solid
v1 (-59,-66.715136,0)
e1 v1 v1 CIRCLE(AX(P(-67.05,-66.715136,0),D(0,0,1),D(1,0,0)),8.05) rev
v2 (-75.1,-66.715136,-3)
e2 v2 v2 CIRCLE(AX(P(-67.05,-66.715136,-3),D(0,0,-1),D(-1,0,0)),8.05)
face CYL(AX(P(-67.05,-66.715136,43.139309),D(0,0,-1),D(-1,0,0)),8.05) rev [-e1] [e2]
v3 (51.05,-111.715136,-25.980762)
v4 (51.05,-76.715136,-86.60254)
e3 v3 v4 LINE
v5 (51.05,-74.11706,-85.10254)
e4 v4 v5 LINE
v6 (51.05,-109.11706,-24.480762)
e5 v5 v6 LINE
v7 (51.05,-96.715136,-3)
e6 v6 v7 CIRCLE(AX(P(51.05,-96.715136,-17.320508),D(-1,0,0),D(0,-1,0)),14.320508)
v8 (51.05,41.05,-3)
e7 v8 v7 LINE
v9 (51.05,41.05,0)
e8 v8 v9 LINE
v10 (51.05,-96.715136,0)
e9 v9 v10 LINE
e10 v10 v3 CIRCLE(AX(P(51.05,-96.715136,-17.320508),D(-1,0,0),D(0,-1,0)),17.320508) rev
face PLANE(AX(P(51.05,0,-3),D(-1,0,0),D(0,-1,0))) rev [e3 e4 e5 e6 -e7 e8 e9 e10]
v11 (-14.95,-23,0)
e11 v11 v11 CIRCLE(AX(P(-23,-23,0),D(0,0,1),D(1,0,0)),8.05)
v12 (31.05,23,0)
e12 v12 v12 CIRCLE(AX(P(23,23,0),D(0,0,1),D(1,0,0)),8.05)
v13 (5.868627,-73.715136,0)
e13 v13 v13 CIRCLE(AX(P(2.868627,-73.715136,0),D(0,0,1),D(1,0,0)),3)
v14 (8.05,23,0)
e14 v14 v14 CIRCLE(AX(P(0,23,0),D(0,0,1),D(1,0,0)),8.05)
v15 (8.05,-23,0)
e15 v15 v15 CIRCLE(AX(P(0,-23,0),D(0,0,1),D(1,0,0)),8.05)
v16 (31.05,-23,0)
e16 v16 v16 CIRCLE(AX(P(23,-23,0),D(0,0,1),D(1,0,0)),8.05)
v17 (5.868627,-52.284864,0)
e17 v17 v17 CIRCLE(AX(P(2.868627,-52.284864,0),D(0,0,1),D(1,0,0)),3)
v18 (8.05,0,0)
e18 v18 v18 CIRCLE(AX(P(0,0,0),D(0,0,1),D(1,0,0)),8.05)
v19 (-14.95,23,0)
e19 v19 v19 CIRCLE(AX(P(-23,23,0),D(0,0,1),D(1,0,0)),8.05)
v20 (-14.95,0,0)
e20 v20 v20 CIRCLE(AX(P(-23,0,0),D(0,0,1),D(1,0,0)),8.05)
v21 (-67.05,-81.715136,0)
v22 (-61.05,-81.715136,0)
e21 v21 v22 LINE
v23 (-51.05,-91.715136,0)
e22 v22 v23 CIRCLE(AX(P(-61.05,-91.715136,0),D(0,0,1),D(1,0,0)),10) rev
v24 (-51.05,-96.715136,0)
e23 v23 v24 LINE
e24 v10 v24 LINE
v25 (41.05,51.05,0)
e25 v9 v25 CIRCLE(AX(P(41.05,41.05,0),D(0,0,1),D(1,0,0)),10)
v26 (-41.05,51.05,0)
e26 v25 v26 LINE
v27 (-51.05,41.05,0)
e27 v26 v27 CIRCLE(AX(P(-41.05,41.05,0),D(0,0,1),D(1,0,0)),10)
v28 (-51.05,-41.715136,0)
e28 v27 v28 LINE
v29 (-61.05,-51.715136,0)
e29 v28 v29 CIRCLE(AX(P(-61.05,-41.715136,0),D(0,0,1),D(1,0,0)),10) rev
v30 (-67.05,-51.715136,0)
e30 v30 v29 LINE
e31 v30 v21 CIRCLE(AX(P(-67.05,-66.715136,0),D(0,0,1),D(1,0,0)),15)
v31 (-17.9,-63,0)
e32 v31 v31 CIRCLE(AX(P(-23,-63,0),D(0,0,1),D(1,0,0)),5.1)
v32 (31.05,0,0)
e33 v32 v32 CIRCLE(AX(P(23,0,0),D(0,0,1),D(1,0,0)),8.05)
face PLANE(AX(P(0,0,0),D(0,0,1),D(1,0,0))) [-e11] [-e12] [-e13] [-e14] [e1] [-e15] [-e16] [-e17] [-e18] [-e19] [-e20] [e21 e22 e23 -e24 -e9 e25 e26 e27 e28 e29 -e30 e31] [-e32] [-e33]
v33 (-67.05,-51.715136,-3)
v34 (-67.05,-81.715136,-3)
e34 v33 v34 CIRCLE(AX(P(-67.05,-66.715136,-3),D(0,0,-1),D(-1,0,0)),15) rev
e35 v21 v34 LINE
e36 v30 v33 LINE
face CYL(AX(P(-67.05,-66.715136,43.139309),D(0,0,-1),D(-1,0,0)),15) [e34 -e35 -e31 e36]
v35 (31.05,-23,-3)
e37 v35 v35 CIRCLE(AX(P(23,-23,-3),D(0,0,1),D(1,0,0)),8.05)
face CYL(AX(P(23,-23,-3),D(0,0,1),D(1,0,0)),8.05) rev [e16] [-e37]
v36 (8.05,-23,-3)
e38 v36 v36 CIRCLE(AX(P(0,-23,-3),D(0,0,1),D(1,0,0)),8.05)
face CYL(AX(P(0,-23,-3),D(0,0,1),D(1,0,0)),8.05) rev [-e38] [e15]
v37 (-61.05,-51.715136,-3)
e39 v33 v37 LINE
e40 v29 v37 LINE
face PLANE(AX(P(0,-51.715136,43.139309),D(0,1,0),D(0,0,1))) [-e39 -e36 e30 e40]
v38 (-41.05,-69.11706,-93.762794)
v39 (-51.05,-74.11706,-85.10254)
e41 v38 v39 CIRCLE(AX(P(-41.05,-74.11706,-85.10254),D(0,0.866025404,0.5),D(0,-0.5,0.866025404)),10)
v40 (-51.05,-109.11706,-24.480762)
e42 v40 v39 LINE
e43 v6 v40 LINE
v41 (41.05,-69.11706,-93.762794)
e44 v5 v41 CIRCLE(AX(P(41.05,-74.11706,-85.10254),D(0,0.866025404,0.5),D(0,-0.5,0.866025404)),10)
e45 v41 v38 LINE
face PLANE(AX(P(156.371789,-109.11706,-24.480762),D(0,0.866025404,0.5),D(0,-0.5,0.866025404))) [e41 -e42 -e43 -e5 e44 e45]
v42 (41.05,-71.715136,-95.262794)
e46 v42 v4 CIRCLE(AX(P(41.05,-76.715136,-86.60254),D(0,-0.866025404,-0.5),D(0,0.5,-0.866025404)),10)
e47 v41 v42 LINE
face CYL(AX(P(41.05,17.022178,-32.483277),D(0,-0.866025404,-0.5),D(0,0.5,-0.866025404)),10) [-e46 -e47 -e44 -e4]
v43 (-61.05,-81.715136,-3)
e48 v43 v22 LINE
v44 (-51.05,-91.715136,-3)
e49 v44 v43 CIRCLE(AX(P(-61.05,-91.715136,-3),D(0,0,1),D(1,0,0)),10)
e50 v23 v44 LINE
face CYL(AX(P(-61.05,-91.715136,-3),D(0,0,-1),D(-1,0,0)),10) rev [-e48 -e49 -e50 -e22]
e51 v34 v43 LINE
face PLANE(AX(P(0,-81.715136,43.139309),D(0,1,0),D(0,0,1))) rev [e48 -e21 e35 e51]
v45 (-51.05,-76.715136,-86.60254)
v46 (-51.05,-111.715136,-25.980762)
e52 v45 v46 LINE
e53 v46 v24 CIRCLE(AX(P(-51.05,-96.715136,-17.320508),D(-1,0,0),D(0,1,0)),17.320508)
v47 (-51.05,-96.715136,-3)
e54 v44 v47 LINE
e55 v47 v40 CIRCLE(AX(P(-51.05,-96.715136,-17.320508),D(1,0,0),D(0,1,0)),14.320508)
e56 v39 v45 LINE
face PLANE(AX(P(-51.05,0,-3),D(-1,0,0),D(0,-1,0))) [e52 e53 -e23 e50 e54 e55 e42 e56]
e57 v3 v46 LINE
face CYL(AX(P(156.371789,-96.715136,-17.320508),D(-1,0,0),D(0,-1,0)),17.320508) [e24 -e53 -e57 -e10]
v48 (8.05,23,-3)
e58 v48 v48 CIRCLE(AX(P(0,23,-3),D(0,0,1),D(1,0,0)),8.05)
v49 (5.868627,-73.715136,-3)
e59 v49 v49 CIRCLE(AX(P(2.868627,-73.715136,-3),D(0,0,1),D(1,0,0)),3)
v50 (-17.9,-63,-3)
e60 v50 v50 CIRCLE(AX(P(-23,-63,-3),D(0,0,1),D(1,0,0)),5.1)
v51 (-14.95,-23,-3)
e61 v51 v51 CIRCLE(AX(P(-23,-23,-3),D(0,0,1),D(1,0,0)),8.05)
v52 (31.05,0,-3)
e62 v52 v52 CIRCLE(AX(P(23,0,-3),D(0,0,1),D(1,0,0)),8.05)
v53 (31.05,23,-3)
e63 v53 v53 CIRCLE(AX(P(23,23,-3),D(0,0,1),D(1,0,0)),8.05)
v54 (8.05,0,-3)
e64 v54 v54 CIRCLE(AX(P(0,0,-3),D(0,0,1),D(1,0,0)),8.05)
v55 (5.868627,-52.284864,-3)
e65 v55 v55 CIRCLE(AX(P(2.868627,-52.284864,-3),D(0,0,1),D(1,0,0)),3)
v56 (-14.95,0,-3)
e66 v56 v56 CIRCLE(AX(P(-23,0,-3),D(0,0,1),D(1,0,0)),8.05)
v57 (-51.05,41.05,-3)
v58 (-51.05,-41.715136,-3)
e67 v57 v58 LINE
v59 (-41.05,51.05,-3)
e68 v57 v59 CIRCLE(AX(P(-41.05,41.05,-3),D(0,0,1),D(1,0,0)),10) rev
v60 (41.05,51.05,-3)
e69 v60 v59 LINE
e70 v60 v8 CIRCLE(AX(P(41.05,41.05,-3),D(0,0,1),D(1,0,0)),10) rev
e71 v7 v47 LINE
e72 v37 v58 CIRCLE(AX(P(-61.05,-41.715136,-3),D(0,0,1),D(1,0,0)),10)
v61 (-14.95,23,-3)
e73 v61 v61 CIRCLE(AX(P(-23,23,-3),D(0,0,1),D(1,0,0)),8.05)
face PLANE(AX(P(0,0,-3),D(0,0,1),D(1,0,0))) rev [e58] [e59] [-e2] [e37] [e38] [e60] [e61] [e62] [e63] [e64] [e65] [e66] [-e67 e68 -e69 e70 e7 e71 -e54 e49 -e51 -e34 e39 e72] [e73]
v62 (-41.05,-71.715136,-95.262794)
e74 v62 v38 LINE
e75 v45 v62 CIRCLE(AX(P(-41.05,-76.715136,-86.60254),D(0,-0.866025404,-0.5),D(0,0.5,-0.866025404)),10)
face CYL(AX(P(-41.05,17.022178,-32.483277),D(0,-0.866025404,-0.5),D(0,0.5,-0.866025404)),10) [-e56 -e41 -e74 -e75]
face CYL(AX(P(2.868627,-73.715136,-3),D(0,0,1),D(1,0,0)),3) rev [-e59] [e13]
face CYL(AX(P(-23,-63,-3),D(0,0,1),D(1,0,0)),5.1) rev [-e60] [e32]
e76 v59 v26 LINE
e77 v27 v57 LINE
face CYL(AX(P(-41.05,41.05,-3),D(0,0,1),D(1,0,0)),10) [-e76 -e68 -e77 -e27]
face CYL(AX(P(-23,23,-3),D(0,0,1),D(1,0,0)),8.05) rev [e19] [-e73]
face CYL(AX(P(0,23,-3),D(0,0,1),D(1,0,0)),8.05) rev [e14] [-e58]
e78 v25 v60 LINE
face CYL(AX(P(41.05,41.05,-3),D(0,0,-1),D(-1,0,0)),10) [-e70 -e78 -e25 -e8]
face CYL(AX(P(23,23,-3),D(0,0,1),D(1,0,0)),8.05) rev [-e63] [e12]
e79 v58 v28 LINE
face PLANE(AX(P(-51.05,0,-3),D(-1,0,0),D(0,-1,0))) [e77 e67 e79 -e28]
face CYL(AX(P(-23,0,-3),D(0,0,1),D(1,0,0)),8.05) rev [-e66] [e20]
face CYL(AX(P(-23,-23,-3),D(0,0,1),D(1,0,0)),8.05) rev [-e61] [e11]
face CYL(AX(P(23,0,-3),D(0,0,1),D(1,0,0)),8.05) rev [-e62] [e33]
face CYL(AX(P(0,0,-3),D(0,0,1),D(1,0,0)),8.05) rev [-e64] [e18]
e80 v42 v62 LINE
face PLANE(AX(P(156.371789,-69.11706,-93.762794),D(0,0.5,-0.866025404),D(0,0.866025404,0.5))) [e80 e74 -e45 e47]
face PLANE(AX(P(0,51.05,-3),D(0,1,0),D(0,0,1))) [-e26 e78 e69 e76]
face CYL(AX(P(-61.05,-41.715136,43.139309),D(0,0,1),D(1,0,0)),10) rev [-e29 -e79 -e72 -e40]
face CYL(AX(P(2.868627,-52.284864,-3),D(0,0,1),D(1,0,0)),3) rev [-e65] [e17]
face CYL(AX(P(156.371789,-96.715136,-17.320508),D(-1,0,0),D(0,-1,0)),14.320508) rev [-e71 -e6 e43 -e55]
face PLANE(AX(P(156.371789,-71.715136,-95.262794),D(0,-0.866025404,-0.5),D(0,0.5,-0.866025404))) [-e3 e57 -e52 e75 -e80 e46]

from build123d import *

# Parameters (mm, degrees)
SKETCH1_W           = 102.1
SKETCH1_H           = 147.765136106
SKETCH1_R           = 5.1
SKETCH1_R_2         = 3
SKETCH1_R_3         = 8.05
BOSS_EXTRUDE1_DEPTH = 3
BOSS_EXTRUDE2_DEPTH = 102.1
FILLET1_R           = 10
SKETCH3_R           = 8.05
BOSS_EXTRUDE3_DEPTH = 3
FILLET2_R           = 10


with BuildPart() as part:
    # Sketch1 → Boss-Extrude1 (new body)
    with BuildSketch(Plane.XY):
        with Locations((0, -22.832568053)):
            Rectangle(SKETCH1_W, SKETCH1_H)
        with Locations((-23, -63)):
            Circle(SKETCH1_R, mode=Mode.SUBTRACT)
        with Locations((2.86862691, -73.715136106)):
            Circle(SKETCH1_R_2, mode=Mode.SUBTRACT)
        with Locations((23, 23)):
            Circle(SKETCH1_R_3, mode=Mode.SUBTRACT)
        with Locations((0, -23)):
            Circle(SKETCH1_R_3, mode=Mode.SUBTRACT)
        with Locations((-23, -23)):
            Circle(SKETCH1_R_3, mode=Mode.SUBTRACT)
        Circle(SKETCH1_R_3, mode=Mode.SUBTRACT)
        with Locations((-23, 0)):
            Circle(SKETCH1_R_3, mode=Mode.SUBTRACT)
        with Locations((23, -23)):
            Circle(SKETCH1_R_3, mode=Mode.SUBTRACT)
        with Locations((23, 0)):
            Circle(SKETCH1_R_3, mode=Mode.SUBTRACT)
        with Locations((2.86862691, -52.284863894)):
            Circle(SKETCH1_R_2, mode=Mode.SUBTRACT)
        with Locations((0, 23)):
            Circle(SKETCH1_R_3, mode=Mode.SUBTRACT)
        with Locations((-23, 23)):
            Circle(SKETCH1_R_3, mode=Mode.SUBTRACT)
    extrude(amount=-BOSS_EXTRUDE1_DEPTH)

    # Sketch2 → Boss-Extrude2 (add)
    with BuildSketch(Plane.ZY.offset(51.05)):
        with BuildLine():
            Line((-24.480762114, -109.117059895), (-93.762794416, -69.117059895))
            Line((-93.762794416, -69.117059895), (-95.262794416, -71.715136106))
            Line((-95.262794416, -71.715136106), (-25.980762114, -111.715136106))
            ThreePointArc((-25.980762114, -111.715136106), (-8.660254038, -111.715136106), (0, -96.715136106))
            Line((0, -96.715136106), (-3, -96.715136106))
            ThreePointArc((-3, -96.715136106), (-10.160254038, -109.117059895), (-24.480762114, -109.117059895))
        make_face()
    extrude(amount=-BOSS_EXTRUDE2_DEPTH)

    # Fillet1
    fillet1_edges = [part.edges().sort_by_distance(p)[0] for p in [
        (51.05, 51.05, -1.5),
        (-51.05, 51.05, -1.5),
        (-51.05, -70.416098001, -94.512794416),
        (51.05, -70.416098001, -94.512794416),
    ]]
    fillet(fillet1_edges, radius=FILLET1_R)

    # Sketch3 → Boss-Extrude3 (add)
    with BuildSketch(Plane(origin=(0, 0, -3), x_dir=(-1, 0, 0), z_dir=(0, 0, -1))):
        with BuildLine():
            ThreePointArc((67.05, -81.715136106), (82.05, -66.715136106), (67.05, -51.715136106))
            Line((67.05, -51.715136106), (51.05, -51.715136106))
            Line((51.05, -51.715136106), (51.05, -81.715136106))
            Line((51.05, -81.715136106), (67.05, -81.715136106))
        make_face()
        with Locations((67.05, -66.715136106)):
            Circle(SKETCH3_R, mode=Mode.SUBTRACT)
    extrude(amount=-BOSS_EXTRUDE3_DEPTH)

    # Fillet2
    fillet2_edges = [part.edges().sort_by_distance(p)[0] for p in [
        (-51.05, -51.715136106, -1.5),
        (-51.05, -81.715136106, -1.5),
    ]]
    fillet(fillet2_edges, radius=FILLET2_R)


solid = part.part
